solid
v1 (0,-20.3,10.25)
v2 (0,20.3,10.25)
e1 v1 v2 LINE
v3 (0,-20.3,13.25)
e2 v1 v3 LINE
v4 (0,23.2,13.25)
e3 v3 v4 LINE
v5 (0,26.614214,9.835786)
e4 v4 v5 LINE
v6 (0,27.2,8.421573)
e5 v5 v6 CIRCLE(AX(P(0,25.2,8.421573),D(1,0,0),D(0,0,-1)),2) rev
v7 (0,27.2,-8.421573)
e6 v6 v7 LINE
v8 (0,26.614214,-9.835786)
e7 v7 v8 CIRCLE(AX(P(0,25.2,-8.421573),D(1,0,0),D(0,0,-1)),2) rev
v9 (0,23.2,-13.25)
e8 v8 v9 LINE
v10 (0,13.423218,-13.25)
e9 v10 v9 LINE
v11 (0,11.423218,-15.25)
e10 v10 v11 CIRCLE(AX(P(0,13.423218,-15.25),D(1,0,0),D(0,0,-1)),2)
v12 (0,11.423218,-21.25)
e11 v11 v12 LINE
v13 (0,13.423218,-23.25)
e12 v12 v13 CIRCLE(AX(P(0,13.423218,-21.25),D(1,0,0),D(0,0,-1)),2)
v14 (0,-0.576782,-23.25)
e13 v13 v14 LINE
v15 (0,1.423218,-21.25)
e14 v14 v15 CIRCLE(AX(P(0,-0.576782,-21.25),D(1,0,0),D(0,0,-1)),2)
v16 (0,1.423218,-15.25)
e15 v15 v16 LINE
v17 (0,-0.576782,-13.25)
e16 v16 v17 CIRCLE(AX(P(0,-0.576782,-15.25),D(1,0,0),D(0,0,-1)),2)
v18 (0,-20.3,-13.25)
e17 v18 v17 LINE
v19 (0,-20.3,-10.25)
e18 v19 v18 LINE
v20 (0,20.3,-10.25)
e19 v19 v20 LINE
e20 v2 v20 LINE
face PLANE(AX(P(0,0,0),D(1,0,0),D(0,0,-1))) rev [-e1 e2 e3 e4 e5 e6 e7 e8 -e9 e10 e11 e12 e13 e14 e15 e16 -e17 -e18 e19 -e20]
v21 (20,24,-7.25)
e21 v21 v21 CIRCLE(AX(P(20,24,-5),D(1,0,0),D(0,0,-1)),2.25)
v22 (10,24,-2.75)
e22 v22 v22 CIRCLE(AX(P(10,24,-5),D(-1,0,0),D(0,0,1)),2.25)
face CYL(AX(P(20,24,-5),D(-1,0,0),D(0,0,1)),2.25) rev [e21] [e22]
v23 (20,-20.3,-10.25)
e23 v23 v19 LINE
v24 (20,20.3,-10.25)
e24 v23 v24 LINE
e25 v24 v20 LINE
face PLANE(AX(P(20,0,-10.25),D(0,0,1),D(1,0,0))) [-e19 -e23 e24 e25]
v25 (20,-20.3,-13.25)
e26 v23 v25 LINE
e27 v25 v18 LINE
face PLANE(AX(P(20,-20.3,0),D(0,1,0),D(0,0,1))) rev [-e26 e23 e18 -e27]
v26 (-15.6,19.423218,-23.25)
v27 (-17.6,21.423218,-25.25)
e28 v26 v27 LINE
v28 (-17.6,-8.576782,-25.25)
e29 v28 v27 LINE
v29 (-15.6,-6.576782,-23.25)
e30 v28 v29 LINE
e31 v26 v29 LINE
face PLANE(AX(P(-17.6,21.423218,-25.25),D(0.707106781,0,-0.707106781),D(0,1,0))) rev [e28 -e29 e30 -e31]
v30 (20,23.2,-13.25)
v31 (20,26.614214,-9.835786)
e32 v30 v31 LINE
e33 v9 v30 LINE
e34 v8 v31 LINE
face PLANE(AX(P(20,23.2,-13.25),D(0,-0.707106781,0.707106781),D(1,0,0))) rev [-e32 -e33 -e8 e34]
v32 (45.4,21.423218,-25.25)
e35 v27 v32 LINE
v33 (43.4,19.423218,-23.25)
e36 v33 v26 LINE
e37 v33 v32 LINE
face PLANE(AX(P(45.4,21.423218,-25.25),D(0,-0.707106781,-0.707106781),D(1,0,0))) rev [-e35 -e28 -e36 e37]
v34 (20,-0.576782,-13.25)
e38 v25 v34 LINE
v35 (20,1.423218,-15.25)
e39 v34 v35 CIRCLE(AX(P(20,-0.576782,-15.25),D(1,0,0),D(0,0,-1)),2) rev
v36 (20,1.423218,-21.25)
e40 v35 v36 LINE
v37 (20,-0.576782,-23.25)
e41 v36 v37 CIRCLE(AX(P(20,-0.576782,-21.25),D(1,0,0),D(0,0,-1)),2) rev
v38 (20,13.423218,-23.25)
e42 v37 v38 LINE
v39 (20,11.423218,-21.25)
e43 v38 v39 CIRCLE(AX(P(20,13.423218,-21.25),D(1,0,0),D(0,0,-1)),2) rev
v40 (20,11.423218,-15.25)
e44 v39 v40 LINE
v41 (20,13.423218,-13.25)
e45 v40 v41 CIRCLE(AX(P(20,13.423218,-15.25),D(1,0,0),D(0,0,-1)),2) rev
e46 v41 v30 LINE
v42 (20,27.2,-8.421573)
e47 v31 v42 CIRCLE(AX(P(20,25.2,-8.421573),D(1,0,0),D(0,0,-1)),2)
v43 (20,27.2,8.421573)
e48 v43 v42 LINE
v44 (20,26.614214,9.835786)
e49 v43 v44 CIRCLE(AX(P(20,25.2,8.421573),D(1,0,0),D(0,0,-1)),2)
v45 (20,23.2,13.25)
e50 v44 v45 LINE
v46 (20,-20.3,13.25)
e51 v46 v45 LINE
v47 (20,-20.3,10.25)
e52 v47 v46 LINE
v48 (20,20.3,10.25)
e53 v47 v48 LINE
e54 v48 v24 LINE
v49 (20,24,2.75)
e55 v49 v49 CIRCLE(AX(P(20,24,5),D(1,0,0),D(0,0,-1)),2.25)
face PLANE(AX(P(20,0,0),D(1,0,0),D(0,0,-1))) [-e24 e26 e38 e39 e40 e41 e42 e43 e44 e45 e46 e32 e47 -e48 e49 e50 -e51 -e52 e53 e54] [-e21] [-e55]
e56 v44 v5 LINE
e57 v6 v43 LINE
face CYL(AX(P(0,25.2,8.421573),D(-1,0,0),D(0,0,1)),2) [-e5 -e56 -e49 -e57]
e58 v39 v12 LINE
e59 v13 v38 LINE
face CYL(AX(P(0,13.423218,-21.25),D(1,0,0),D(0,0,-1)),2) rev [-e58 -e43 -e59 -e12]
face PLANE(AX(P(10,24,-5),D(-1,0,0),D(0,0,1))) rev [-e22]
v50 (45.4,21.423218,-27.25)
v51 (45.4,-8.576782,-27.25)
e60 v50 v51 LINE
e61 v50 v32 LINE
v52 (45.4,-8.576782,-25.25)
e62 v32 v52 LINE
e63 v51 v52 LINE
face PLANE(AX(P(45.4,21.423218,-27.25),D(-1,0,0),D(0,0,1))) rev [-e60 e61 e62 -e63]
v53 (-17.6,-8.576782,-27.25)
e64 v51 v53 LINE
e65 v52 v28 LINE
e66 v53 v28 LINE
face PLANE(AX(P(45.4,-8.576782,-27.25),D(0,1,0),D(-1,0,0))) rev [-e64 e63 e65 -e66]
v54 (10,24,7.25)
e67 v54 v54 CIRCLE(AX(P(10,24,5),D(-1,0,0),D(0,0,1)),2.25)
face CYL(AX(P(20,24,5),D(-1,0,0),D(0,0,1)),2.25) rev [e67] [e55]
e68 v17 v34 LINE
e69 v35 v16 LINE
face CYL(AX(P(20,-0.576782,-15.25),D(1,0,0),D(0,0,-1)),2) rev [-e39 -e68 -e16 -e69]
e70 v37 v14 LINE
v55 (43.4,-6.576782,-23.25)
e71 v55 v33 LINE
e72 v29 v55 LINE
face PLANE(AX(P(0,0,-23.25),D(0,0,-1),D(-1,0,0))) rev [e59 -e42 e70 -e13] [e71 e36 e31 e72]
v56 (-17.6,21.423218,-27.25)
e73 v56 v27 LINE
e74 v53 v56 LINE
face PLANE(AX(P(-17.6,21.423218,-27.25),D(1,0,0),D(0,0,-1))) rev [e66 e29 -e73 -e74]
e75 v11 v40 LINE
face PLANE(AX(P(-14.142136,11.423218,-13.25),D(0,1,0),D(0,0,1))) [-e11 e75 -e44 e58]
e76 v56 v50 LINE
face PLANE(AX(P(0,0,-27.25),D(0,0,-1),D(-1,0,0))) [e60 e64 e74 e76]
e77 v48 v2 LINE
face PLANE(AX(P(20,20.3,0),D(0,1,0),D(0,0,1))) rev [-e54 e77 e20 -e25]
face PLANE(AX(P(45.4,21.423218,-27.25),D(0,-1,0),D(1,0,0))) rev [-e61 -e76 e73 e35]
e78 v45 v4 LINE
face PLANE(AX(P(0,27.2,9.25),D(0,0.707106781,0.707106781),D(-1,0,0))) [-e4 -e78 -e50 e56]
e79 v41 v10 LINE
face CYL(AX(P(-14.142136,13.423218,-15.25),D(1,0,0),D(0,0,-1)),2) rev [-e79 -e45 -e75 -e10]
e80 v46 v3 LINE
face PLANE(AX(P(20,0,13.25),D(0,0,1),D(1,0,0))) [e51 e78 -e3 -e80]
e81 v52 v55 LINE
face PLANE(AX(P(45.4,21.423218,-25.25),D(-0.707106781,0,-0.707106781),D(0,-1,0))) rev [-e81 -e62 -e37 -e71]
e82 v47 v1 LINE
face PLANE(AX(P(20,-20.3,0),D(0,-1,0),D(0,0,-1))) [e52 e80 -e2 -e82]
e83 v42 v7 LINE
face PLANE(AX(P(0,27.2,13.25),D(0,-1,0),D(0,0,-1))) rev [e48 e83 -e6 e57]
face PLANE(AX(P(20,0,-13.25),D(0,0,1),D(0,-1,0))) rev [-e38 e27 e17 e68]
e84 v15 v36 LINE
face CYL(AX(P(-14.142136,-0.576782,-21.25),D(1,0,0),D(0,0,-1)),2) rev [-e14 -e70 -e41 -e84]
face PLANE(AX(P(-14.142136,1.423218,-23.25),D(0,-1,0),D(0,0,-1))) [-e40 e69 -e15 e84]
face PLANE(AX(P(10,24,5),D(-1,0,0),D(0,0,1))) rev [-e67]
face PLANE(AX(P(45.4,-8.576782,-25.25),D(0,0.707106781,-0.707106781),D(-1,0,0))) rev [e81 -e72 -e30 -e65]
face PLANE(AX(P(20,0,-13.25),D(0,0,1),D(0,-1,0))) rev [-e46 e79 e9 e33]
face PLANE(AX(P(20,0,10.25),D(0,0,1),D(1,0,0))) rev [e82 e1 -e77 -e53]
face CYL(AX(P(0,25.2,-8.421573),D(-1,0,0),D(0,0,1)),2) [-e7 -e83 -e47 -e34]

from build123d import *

# Parameters (mm, degrees)
SKETCH1_R           = 2.25
BOSS_EXTRUDE1_DEPTH = 20
SKETCH2_R           = 2.25
BOSS_EXTRUDE2_DEPTH = 10
SKETCH4_W           = 26.5
SKETCH4_H           = 2.5
CUT_EXTRUDE1_DEPTH  = 39.17921555
CHAMFER2_SIZE       = 4
CHAMFER3_SIZE       = 4
FILLET4_R           = 2
SKETCH7_W           = 10
SKETCH7_H           = 10
BOSS_EXTRUDE5_DEPTH = 20
FILLET6_R           = 2
SKETCH8_W           = 63
SKETCH8_H           = 30
BOSS_EXTRUDE6_DEPTH = 4
CHAMFER4_SIZE       = 2
FILLET7_R           = 2


with BuildPart() as part:
    # Sketch1 → Boss-Extrude1 (new body)
    with BuildSketch(Plane(origin=(0, 0, 0), x_dir=(0, 0, -1), z_dir=(1, 0, 0))):
        Polygon((10.25, -20.3), (13.25, -20.3), (13.25, 29.7), (-13.25, 29.7), (-13.25, -20.3), (-10.25, -20.3), (-10.25, 20.3), (10.25, 20.3), align=None)
        with Locations((5, 24)):
            Circle(SKETCH1_R, mode=Mode.SUBTRACT)
        with Locations((-5, 24)):
            Circle(SKETCH1_R, mode=Mode.SUBTRACT)
    extrude(amount=BOSS_EXTRUDE1_DEPTH)

    # Sketch2 → Boss-Extrude2 (add)
    with BuildSketch(Plane.ZY):
        with Locations((-5, 24)):
            Circle(SKETCH2_R)
        with Locations((5, 24)):
            Circle(SKETCH2_R)
    extrude(amount=-BOSS_EXTRUDE2_DEPTH)

    # Sketch4 → Cut-Extrude1 (cut, through all)
    with BuildSketch(Plane(origin=(20, 0, 0), x_dir=(0, 0, -1), z_dir=(1, 0, 0))):
        with Locations((0, 28.45)):
            Rectangle(SKETCH4_W, SKETCH4_H)
    extrude(amount=-CUT_EXTRUDE1_DEPTH, mode=Mode.SUBTRACT)

    # Chamfer2
    chamfer2_edges = [part.edges().sort_by_distance(p)[0] for p in [
        (10, 27.2, -13.25),
    ]]
    chamfer(chamfer2_edges, length=CHAMFER2_SIZE)

    # Chamfer3
    chamfer3_edges = [part.edges().sort_by_distance(p)[0] for p in [
        (10, 27.2, 13.25),
    ]]
    chamfer(chamfer3_edges, length=CHAMFER3_SIZE)

    # Fillet4
    fillet4_edges = [part.edges().sort_by_distance(p)[0] for p in [
        (10, 27.2, -9.25),
        (10, 27.2, 9.25),
    ]]
    fillet(fillet4_edges, radius=FILLET4_R)

    # Sketch7 → Boss-Extrude5 (add)
    with BuildSketch(Plane(origin=(20, 0, 0), x_dir=(0, 0, -1), z_dir=(1, 0, 0))):
        with Locations((18.25, 6.423218073)):
            Rectangle(SKETCH7_W, SKETCH7_H)
    extrude(amount=-BOSS_EXTRUDE5_DEPTH)

    # Fillet6
    fillet6_edges = [part.edges().sort_by_distance(p)[0] for p in [
        (10, 1.423218073, -13.25),
        (10, 11.423218073, -13.25),
    ]]
    fillet(fillet6_edges, radius=FILLET6_R)

    # Sketch8 → Boss-Extrude6 (add)
    with BuildSketch(Plane(origin=(0, 0, -23.25), x_dir=(-1, 0, 0), z_dir=(0, 0, -1))):
        with Locations((-13.9, 6.423218073)):
            Rectangle(SKETCH8_W, SKETCH8_H)
    extrude(amount=BOSS_EXTRUDE6_DEPTH)

    # Chamfer4
    chamfer4_edges = [part.edges().sort_by_distance(p)[0] for p in [
        (45.4, 6.423218073, -23.25),
        (13.9, -8.576781927, -23.25),
        (-17.6, 6.423218073, -23.25),
        (13.9, 21.423218073, -23.25),
    ]]
    chamfer(chamfer4_edges, length=CHAMFER4_SIZE)

    # Fillet7
    fillet7_edges = [part.edges().sort_by_distance(p)[0] for p in [
        (10, 11.423218073, -23.25),
        (10, 1.423218073, -23.25),
    ]]
    fillet(fillet7_edges, radius=FILLET7_R)


solid = part.part
